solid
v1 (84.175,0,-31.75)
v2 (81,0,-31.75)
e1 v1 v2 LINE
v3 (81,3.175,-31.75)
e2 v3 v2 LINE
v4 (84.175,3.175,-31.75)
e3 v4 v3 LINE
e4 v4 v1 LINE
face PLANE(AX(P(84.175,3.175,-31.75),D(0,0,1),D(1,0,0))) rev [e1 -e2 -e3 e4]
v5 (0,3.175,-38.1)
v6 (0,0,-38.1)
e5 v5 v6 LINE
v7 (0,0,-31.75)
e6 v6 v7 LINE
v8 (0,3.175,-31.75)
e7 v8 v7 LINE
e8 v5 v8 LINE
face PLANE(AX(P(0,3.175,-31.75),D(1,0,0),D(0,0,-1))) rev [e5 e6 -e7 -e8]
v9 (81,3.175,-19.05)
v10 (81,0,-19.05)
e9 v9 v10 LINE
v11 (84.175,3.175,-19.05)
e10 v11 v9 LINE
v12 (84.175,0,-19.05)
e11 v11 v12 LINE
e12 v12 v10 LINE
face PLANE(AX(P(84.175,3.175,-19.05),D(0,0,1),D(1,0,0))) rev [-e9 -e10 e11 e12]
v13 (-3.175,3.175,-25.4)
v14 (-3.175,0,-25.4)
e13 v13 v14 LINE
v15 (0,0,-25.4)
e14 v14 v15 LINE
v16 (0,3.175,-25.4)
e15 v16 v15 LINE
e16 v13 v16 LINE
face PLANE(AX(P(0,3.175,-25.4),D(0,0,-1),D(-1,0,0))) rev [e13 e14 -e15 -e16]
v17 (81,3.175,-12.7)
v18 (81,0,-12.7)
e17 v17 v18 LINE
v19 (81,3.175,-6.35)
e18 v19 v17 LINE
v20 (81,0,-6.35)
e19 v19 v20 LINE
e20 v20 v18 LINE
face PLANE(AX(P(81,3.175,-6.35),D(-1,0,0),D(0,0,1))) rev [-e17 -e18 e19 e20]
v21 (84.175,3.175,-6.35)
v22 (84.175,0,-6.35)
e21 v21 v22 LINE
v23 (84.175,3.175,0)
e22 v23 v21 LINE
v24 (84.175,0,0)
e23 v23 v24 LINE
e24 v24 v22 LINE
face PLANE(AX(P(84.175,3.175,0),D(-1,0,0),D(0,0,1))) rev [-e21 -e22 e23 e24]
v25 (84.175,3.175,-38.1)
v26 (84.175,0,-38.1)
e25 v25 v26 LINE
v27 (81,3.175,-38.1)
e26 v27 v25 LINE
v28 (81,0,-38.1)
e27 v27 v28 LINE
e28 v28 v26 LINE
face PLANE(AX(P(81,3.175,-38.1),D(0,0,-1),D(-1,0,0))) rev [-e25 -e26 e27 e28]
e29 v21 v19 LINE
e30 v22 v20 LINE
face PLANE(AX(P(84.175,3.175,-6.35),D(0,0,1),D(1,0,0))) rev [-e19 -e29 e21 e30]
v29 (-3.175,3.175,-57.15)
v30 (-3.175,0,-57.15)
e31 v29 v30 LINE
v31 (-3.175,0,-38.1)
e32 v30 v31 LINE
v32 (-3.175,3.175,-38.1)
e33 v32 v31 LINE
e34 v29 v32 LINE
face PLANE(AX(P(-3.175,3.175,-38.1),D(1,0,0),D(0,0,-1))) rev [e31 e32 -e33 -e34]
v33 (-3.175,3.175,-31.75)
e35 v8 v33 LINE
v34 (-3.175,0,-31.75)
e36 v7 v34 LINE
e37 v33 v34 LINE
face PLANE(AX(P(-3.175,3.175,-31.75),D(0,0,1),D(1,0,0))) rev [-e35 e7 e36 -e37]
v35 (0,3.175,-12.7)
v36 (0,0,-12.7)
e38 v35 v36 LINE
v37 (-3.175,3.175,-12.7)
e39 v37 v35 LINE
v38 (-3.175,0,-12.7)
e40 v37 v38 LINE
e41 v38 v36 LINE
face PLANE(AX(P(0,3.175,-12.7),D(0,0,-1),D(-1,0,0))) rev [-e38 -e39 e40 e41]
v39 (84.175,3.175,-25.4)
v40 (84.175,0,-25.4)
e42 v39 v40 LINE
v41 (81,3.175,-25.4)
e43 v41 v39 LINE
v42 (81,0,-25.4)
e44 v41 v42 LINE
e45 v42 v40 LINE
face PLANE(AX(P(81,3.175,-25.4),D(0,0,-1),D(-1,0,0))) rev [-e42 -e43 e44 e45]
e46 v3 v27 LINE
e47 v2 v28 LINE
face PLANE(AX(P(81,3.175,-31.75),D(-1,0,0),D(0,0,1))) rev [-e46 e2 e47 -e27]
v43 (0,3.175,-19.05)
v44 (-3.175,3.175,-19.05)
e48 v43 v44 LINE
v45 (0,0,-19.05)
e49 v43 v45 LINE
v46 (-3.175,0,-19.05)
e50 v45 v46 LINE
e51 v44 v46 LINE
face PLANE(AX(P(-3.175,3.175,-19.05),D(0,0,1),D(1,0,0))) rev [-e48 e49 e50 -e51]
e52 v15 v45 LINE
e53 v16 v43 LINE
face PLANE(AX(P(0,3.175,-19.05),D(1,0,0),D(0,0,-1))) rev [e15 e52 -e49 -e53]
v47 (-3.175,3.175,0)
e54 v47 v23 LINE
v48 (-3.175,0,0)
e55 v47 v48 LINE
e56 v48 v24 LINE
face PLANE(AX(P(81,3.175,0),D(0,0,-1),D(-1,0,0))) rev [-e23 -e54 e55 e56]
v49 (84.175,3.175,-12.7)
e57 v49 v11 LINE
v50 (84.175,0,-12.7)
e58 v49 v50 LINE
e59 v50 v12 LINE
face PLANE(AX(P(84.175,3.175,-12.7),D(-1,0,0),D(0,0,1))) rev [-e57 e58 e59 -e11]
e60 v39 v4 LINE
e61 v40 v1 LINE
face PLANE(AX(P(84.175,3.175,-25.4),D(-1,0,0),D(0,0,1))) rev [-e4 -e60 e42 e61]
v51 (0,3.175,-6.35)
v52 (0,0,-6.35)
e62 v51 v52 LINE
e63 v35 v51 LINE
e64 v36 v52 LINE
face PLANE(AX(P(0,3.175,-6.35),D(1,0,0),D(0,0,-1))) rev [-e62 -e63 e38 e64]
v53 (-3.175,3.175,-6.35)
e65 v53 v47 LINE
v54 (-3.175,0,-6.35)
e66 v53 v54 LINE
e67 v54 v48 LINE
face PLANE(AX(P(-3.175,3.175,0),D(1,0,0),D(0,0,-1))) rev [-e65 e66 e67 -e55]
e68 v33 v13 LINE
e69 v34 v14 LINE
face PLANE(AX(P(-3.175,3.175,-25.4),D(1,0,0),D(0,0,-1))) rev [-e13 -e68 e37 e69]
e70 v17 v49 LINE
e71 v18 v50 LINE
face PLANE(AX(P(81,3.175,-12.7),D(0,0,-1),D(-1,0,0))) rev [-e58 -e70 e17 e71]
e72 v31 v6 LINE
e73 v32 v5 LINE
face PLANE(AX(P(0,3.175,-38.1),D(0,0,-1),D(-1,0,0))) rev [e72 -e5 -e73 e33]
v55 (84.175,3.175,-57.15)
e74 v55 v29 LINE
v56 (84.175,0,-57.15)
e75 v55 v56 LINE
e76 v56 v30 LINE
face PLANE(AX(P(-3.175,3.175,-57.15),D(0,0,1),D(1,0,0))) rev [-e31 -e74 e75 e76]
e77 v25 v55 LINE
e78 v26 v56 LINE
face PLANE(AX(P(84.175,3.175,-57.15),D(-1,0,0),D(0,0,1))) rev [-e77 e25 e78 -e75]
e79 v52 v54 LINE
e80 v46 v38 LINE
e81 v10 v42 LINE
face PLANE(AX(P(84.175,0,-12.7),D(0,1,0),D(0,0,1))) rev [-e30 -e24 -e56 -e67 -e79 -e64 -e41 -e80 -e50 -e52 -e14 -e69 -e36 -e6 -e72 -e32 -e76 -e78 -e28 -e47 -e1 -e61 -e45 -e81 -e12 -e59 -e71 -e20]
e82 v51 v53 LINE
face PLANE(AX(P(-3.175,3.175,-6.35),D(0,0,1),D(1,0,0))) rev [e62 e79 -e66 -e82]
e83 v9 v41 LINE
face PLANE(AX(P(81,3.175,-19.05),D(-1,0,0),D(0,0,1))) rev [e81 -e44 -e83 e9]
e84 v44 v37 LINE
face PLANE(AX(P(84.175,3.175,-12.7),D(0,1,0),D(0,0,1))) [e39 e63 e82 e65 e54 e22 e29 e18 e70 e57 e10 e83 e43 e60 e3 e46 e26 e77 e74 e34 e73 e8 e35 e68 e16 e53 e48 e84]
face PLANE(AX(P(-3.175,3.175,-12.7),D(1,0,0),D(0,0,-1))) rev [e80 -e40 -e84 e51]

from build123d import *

# Parameters (mm, degrees)
BOSS_EXTRUDE1_DEPTH = 3.175


with BuildPart() as part:
    # Sketch1 → Boss-Extrude1 (new body)
    with BuildSketch(Plane(origin=(0, 0, 0), x_dir=(1, 0, 0), z_dir=(0, 1, 0))):
        Polygon((0, 0), (81, 0), (84.175, 0), (84.175, 6.35), (81, 6.35), (81, 12.7), (84.175, 12.7), (84.175, 19.05), (81, 19.05), (81, 25.4), (84.175, 25.4), (84.175, 31.75), (81, 31.75), (81, 38.1), (84.175, 38.1), (84.175, 44.45), (84.175, 57.15), (-3.175, 57.15), (-3.175, 44.45), (-3.175, 38.1), (0, 38.1), (0, 31.75), (-3.175, 31.75), (-3.175, 25.4), (0, 25.4), (0, 19.05), (-3.175, 19.05), (-3.175, 12.7), (0, 12.7), (0, 6.35), (-3.175, 6.35), (-3.175, 0), align=None)
    extrude(amount=BOSS_EXTRUDE1_DEPTH)


solid = part.part
